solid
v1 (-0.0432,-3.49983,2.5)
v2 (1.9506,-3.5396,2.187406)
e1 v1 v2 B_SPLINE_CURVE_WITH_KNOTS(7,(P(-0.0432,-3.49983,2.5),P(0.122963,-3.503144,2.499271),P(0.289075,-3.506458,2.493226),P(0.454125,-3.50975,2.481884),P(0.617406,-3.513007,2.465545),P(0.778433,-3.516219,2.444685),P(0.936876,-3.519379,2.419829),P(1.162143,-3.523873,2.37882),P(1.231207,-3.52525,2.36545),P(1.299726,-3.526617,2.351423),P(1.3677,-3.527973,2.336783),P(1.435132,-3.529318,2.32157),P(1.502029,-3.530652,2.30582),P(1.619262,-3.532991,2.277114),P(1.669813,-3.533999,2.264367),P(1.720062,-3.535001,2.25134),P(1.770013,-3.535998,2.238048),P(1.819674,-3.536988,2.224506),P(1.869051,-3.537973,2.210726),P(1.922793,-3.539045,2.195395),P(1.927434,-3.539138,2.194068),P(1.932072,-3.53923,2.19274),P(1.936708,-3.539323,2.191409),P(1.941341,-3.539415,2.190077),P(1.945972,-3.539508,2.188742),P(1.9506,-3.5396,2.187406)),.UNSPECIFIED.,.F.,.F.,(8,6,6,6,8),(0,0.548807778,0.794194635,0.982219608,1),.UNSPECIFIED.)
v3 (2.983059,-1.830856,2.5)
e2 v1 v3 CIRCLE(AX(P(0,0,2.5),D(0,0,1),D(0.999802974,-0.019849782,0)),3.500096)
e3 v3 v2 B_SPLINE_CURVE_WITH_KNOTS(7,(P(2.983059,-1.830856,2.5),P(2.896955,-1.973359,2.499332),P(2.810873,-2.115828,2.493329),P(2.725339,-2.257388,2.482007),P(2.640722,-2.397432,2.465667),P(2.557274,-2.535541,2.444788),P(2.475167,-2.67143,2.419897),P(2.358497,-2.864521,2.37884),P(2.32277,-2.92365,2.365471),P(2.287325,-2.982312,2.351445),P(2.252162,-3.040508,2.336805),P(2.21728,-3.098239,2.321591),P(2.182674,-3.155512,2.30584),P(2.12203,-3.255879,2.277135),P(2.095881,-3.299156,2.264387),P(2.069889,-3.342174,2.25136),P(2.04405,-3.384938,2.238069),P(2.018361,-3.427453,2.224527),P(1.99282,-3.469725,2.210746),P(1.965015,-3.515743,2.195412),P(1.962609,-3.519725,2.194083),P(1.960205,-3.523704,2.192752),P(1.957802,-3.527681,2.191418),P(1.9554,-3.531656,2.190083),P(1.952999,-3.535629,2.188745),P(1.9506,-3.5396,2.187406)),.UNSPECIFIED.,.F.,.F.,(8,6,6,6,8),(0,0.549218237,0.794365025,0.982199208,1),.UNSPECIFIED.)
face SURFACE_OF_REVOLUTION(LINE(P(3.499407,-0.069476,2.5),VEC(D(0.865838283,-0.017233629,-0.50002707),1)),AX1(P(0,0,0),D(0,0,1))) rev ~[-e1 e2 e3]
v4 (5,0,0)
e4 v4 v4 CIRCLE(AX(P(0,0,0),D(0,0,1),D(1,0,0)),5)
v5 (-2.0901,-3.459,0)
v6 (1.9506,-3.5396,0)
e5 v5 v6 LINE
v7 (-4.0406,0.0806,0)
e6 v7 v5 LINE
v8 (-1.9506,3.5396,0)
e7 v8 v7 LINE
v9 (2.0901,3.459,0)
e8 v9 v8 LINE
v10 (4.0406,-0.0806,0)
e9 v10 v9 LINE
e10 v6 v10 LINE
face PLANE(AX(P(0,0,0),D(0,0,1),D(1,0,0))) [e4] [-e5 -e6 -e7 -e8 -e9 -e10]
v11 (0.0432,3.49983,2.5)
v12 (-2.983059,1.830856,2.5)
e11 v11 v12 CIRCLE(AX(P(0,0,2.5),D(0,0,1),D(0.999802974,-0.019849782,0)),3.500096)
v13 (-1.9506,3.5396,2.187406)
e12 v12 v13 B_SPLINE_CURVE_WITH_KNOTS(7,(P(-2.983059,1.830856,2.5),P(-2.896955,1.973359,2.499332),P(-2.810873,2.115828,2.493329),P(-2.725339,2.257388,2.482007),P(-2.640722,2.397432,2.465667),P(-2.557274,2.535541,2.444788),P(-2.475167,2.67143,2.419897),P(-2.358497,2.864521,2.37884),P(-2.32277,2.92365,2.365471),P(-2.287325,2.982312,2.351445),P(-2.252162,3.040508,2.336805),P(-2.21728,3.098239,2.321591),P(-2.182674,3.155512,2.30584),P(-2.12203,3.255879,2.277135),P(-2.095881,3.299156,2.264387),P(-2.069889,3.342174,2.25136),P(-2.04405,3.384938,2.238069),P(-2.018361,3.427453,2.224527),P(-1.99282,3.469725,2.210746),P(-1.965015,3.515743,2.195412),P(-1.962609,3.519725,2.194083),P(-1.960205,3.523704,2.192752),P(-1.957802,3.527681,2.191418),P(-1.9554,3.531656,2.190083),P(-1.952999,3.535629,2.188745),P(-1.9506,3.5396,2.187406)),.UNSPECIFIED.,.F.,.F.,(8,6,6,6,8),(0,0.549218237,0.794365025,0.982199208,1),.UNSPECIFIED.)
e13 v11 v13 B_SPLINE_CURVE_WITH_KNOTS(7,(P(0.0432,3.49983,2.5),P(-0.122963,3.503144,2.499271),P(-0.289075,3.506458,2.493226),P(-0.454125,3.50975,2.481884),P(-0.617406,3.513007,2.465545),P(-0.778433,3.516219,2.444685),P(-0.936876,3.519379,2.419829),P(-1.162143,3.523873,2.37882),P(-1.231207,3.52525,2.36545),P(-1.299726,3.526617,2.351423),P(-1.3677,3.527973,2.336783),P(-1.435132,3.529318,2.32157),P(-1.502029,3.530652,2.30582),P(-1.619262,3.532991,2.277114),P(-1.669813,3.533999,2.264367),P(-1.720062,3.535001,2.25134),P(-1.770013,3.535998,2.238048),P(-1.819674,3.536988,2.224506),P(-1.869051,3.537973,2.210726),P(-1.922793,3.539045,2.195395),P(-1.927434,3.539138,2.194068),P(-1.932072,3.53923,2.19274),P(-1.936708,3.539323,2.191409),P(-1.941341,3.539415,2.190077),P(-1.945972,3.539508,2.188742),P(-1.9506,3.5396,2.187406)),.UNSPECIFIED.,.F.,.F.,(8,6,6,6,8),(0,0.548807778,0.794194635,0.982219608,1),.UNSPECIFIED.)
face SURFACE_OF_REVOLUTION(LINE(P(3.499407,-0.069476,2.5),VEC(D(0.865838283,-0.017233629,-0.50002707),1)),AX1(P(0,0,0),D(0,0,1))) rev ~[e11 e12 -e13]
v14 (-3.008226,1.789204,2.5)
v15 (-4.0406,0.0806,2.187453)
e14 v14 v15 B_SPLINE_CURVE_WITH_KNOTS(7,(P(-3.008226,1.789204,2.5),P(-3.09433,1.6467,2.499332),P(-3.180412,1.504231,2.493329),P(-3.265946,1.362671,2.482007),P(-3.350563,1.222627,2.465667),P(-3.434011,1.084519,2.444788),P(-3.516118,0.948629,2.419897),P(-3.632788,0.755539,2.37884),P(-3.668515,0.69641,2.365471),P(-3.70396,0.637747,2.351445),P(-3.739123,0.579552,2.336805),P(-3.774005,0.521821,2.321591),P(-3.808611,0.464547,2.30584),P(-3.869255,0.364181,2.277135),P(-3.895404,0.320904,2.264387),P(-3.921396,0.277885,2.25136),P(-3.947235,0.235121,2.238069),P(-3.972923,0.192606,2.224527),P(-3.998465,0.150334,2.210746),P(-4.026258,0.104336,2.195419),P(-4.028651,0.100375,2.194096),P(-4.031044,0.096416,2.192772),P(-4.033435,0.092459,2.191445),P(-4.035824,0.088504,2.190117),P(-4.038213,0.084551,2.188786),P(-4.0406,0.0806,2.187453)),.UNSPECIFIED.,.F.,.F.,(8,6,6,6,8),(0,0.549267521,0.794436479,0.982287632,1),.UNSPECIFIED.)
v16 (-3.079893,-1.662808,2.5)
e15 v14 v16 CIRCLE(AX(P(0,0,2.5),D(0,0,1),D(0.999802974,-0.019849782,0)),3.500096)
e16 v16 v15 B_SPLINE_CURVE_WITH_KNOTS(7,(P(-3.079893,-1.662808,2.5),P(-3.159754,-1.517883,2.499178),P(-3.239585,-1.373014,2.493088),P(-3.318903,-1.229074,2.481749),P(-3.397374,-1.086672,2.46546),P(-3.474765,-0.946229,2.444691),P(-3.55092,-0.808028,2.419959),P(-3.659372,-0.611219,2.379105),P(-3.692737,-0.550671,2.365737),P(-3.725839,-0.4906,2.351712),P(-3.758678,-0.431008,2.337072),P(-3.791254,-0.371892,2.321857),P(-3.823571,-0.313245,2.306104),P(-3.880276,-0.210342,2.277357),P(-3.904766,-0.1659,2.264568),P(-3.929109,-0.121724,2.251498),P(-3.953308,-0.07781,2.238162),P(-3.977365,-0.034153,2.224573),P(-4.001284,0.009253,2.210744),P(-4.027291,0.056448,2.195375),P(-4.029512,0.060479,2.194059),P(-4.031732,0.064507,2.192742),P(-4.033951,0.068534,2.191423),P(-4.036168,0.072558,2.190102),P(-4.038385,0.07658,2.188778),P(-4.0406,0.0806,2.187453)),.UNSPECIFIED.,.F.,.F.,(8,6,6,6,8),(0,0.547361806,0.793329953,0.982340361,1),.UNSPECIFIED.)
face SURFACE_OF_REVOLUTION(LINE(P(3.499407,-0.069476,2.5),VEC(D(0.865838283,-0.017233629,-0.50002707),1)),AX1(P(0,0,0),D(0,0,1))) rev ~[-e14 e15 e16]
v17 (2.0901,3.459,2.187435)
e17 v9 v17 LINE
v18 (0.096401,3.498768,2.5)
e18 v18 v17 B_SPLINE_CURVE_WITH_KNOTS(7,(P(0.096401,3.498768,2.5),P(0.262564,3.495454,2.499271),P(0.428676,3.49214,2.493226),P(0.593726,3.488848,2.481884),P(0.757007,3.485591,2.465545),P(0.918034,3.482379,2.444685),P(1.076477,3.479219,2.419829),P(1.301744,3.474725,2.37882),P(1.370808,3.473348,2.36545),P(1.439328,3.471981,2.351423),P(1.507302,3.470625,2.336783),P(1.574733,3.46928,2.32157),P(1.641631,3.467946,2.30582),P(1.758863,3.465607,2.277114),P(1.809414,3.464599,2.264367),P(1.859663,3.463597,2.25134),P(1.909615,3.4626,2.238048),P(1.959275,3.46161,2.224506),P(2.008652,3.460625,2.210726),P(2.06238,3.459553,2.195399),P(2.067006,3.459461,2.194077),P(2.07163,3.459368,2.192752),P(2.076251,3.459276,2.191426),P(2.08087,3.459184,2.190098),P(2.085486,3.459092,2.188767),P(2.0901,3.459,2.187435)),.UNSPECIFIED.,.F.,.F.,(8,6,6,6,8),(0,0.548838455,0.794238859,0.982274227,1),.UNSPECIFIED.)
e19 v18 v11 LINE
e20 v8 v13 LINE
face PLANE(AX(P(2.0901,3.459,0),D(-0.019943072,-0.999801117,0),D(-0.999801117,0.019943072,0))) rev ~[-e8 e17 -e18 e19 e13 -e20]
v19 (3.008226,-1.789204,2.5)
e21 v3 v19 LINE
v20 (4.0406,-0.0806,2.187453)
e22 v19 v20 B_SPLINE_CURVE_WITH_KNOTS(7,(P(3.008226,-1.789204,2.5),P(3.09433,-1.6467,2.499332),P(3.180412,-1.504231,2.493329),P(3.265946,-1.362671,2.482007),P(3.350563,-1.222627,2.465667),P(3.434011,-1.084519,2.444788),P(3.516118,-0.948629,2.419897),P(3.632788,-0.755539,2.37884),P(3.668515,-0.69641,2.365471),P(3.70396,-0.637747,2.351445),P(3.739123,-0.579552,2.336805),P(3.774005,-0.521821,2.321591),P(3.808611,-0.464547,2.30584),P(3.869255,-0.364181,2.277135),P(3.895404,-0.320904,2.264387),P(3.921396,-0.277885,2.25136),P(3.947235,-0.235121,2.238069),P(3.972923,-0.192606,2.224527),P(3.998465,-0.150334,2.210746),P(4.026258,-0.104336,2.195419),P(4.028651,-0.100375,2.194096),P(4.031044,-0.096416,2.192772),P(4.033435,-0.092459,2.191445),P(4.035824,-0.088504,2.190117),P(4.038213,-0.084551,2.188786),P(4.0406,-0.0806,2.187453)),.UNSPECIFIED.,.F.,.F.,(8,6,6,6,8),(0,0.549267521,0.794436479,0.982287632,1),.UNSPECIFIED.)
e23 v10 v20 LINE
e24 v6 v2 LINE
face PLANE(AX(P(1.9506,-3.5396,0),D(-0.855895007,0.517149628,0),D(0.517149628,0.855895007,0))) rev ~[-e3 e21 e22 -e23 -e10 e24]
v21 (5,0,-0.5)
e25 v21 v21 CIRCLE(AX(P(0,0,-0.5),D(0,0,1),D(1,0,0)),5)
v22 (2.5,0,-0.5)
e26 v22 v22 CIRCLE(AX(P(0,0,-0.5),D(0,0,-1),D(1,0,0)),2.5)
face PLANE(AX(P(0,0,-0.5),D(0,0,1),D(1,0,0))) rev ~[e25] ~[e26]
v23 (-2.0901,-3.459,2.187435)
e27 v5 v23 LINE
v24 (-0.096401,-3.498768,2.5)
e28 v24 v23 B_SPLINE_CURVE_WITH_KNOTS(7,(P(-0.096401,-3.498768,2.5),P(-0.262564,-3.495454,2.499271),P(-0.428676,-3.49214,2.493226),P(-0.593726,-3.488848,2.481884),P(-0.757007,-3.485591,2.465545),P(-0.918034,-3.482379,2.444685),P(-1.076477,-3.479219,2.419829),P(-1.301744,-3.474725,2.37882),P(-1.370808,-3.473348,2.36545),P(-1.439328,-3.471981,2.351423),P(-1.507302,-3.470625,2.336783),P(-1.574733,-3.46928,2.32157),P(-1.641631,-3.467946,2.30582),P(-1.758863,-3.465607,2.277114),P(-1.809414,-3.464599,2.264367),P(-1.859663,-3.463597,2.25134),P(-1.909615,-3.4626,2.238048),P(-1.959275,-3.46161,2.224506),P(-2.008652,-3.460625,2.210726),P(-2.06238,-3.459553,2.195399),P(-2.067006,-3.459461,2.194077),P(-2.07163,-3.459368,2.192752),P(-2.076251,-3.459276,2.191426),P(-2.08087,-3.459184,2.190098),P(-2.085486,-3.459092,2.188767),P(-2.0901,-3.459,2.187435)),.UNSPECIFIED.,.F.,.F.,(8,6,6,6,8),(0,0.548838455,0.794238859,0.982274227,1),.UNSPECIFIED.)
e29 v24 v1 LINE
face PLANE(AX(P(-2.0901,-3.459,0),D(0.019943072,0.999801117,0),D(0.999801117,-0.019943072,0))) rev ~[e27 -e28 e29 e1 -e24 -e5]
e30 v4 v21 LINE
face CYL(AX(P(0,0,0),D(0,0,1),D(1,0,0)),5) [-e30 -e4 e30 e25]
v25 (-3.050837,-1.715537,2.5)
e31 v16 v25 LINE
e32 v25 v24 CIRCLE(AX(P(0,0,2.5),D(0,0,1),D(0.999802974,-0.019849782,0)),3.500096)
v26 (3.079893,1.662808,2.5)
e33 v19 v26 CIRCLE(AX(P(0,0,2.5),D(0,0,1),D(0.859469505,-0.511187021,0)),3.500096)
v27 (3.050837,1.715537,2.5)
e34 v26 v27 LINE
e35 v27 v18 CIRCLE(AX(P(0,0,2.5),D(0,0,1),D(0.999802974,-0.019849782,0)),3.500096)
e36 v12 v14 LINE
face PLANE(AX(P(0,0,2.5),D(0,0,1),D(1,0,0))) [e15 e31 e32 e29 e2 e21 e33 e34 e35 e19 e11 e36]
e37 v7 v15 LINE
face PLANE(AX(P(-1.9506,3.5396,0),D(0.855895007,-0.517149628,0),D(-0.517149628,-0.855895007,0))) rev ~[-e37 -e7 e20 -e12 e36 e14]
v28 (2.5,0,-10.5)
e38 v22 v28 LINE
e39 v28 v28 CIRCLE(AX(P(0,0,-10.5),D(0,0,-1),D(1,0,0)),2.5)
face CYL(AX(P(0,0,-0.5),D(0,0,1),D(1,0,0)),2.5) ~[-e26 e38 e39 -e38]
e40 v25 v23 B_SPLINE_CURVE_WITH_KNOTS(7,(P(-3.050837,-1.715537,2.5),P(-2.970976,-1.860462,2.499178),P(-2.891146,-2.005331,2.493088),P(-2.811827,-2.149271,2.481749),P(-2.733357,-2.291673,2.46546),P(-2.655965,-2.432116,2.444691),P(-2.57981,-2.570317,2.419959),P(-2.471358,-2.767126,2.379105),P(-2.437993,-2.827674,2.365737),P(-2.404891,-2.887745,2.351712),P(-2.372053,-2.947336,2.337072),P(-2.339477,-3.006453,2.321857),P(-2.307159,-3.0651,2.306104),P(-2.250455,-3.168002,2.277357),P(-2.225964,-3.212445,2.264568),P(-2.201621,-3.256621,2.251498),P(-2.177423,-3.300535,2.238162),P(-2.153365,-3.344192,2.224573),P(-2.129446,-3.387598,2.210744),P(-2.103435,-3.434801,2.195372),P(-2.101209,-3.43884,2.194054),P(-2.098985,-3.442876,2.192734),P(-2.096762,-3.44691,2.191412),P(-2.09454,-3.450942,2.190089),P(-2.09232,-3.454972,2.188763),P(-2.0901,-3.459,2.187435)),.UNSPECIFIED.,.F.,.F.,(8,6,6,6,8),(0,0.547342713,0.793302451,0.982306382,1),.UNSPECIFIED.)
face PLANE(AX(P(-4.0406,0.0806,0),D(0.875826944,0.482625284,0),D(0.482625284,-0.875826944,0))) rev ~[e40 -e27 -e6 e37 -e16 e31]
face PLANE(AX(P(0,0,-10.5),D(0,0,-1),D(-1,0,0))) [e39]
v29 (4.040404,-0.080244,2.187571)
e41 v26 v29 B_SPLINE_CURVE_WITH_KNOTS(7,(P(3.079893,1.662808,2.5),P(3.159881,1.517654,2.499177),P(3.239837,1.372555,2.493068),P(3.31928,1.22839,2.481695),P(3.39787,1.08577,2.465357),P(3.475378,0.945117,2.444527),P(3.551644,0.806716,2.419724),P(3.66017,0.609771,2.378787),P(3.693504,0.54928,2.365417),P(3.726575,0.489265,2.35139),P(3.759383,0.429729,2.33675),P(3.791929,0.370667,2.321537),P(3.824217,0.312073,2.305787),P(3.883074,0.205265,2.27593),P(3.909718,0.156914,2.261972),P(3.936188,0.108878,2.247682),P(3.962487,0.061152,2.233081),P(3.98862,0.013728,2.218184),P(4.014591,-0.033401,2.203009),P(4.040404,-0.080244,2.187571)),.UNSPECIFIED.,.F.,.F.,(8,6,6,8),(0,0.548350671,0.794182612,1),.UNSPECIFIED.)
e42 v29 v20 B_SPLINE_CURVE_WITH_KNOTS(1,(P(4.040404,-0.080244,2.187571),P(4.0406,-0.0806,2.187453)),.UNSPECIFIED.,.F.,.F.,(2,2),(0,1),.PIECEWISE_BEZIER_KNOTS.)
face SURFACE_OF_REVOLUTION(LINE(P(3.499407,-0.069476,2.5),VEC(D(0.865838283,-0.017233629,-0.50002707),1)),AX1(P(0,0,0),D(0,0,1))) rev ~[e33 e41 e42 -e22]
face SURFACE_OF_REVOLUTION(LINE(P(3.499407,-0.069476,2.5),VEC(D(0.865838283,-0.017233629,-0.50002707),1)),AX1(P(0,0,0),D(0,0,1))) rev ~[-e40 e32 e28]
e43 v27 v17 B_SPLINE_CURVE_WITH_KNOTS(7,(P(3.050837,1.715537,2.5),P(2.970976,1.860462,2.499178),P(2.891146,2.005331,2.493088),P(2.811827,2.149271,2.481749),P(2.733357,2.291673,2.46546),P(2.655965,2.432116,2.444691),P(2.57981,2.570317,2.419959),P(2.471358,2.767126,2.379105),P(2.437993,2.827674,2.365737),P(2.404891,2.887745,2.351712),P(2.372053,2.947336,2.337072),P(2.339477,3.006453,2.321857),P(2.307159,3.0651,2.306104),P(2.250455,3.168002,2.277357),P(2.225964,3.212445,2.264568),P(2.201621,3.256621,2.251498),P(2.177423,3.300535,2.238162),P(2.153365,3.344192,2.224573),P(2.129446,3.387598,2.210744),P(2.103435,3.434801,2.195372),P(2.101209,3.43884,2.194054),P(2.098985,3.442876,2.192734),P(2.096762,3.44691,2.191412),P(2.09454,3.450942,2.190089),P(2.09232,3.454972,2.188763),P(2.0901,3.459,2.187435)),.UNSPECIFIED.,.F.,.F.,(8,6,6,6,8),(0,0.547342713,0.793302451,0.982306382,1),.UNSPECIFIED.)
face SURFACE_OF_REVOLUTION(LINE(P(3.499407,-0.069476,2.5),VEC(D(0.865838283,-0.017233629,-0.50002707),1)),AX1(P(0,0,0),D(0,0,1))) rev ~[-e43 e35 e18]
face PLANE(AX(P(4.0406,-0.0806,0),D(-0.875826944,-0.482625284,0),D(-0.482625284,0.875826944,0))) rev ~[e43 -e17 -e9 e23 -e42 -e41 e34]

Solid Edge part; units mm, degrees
sketch "Sketch1" plane through (0, 0, 0) normal (0, 0, 1) x (1, 0, 0)
  circle A0 centre (0, 0) radius 5
extrude "Protrusion1" add sketch "Sketch1" against normal blind 0.5
sketch "Sketch2" plane through (0, 0, 0) normal (0, 0, 1) x (1, 0, 0)
  line L0 (-2.0901, -3.459) -> (1.9506, -3.5396)
  line L1 (1.9506, -3.5396) -> (4.0406, -0.0806)
  line L2 (4.0406, -0.0806) -> (2.0901, 3.459)
  line L3 (2.0901, 3.459) -> (-1.9506, 3.5396)
  line L4 (-1.9506, 3.5396) -> (-4.0406, 0.0806)
  line L5 (-4.0406, 0.0806) -> (-2.0901, -3.459)
extrude "ExtrudedProtrusion_2" add sketch "Sketch2" along normal blind 2.5
sketch "Sketch3" plane through (0, 0, -0.5) normal (0, 0, -1) x (1, 0, 0)
  circle A0 centre (0, 0) radius 2.5
extrude "ExtrudedProtrusion_3" add sketch "Sketch3" along normal blind 10
sketch "Sketch4" plane through (-4.0406, 0.0806, 2.5) normal (-0.0199, -0.9998, 0) x (0, 0, -1)
  line L0 (0, 7.5415) -> (0.3126, 8.0829)
  line L1 (0.3126, 8.0829) -> (0, 8.0829)
  line L2 (0, 8.0829) -> (0, 7.5415)
revolve "RevolvedCutout1" cut sketch "Sketch4" angle 360 about axis through (0, 0, 0) along (0, 0, 1)
